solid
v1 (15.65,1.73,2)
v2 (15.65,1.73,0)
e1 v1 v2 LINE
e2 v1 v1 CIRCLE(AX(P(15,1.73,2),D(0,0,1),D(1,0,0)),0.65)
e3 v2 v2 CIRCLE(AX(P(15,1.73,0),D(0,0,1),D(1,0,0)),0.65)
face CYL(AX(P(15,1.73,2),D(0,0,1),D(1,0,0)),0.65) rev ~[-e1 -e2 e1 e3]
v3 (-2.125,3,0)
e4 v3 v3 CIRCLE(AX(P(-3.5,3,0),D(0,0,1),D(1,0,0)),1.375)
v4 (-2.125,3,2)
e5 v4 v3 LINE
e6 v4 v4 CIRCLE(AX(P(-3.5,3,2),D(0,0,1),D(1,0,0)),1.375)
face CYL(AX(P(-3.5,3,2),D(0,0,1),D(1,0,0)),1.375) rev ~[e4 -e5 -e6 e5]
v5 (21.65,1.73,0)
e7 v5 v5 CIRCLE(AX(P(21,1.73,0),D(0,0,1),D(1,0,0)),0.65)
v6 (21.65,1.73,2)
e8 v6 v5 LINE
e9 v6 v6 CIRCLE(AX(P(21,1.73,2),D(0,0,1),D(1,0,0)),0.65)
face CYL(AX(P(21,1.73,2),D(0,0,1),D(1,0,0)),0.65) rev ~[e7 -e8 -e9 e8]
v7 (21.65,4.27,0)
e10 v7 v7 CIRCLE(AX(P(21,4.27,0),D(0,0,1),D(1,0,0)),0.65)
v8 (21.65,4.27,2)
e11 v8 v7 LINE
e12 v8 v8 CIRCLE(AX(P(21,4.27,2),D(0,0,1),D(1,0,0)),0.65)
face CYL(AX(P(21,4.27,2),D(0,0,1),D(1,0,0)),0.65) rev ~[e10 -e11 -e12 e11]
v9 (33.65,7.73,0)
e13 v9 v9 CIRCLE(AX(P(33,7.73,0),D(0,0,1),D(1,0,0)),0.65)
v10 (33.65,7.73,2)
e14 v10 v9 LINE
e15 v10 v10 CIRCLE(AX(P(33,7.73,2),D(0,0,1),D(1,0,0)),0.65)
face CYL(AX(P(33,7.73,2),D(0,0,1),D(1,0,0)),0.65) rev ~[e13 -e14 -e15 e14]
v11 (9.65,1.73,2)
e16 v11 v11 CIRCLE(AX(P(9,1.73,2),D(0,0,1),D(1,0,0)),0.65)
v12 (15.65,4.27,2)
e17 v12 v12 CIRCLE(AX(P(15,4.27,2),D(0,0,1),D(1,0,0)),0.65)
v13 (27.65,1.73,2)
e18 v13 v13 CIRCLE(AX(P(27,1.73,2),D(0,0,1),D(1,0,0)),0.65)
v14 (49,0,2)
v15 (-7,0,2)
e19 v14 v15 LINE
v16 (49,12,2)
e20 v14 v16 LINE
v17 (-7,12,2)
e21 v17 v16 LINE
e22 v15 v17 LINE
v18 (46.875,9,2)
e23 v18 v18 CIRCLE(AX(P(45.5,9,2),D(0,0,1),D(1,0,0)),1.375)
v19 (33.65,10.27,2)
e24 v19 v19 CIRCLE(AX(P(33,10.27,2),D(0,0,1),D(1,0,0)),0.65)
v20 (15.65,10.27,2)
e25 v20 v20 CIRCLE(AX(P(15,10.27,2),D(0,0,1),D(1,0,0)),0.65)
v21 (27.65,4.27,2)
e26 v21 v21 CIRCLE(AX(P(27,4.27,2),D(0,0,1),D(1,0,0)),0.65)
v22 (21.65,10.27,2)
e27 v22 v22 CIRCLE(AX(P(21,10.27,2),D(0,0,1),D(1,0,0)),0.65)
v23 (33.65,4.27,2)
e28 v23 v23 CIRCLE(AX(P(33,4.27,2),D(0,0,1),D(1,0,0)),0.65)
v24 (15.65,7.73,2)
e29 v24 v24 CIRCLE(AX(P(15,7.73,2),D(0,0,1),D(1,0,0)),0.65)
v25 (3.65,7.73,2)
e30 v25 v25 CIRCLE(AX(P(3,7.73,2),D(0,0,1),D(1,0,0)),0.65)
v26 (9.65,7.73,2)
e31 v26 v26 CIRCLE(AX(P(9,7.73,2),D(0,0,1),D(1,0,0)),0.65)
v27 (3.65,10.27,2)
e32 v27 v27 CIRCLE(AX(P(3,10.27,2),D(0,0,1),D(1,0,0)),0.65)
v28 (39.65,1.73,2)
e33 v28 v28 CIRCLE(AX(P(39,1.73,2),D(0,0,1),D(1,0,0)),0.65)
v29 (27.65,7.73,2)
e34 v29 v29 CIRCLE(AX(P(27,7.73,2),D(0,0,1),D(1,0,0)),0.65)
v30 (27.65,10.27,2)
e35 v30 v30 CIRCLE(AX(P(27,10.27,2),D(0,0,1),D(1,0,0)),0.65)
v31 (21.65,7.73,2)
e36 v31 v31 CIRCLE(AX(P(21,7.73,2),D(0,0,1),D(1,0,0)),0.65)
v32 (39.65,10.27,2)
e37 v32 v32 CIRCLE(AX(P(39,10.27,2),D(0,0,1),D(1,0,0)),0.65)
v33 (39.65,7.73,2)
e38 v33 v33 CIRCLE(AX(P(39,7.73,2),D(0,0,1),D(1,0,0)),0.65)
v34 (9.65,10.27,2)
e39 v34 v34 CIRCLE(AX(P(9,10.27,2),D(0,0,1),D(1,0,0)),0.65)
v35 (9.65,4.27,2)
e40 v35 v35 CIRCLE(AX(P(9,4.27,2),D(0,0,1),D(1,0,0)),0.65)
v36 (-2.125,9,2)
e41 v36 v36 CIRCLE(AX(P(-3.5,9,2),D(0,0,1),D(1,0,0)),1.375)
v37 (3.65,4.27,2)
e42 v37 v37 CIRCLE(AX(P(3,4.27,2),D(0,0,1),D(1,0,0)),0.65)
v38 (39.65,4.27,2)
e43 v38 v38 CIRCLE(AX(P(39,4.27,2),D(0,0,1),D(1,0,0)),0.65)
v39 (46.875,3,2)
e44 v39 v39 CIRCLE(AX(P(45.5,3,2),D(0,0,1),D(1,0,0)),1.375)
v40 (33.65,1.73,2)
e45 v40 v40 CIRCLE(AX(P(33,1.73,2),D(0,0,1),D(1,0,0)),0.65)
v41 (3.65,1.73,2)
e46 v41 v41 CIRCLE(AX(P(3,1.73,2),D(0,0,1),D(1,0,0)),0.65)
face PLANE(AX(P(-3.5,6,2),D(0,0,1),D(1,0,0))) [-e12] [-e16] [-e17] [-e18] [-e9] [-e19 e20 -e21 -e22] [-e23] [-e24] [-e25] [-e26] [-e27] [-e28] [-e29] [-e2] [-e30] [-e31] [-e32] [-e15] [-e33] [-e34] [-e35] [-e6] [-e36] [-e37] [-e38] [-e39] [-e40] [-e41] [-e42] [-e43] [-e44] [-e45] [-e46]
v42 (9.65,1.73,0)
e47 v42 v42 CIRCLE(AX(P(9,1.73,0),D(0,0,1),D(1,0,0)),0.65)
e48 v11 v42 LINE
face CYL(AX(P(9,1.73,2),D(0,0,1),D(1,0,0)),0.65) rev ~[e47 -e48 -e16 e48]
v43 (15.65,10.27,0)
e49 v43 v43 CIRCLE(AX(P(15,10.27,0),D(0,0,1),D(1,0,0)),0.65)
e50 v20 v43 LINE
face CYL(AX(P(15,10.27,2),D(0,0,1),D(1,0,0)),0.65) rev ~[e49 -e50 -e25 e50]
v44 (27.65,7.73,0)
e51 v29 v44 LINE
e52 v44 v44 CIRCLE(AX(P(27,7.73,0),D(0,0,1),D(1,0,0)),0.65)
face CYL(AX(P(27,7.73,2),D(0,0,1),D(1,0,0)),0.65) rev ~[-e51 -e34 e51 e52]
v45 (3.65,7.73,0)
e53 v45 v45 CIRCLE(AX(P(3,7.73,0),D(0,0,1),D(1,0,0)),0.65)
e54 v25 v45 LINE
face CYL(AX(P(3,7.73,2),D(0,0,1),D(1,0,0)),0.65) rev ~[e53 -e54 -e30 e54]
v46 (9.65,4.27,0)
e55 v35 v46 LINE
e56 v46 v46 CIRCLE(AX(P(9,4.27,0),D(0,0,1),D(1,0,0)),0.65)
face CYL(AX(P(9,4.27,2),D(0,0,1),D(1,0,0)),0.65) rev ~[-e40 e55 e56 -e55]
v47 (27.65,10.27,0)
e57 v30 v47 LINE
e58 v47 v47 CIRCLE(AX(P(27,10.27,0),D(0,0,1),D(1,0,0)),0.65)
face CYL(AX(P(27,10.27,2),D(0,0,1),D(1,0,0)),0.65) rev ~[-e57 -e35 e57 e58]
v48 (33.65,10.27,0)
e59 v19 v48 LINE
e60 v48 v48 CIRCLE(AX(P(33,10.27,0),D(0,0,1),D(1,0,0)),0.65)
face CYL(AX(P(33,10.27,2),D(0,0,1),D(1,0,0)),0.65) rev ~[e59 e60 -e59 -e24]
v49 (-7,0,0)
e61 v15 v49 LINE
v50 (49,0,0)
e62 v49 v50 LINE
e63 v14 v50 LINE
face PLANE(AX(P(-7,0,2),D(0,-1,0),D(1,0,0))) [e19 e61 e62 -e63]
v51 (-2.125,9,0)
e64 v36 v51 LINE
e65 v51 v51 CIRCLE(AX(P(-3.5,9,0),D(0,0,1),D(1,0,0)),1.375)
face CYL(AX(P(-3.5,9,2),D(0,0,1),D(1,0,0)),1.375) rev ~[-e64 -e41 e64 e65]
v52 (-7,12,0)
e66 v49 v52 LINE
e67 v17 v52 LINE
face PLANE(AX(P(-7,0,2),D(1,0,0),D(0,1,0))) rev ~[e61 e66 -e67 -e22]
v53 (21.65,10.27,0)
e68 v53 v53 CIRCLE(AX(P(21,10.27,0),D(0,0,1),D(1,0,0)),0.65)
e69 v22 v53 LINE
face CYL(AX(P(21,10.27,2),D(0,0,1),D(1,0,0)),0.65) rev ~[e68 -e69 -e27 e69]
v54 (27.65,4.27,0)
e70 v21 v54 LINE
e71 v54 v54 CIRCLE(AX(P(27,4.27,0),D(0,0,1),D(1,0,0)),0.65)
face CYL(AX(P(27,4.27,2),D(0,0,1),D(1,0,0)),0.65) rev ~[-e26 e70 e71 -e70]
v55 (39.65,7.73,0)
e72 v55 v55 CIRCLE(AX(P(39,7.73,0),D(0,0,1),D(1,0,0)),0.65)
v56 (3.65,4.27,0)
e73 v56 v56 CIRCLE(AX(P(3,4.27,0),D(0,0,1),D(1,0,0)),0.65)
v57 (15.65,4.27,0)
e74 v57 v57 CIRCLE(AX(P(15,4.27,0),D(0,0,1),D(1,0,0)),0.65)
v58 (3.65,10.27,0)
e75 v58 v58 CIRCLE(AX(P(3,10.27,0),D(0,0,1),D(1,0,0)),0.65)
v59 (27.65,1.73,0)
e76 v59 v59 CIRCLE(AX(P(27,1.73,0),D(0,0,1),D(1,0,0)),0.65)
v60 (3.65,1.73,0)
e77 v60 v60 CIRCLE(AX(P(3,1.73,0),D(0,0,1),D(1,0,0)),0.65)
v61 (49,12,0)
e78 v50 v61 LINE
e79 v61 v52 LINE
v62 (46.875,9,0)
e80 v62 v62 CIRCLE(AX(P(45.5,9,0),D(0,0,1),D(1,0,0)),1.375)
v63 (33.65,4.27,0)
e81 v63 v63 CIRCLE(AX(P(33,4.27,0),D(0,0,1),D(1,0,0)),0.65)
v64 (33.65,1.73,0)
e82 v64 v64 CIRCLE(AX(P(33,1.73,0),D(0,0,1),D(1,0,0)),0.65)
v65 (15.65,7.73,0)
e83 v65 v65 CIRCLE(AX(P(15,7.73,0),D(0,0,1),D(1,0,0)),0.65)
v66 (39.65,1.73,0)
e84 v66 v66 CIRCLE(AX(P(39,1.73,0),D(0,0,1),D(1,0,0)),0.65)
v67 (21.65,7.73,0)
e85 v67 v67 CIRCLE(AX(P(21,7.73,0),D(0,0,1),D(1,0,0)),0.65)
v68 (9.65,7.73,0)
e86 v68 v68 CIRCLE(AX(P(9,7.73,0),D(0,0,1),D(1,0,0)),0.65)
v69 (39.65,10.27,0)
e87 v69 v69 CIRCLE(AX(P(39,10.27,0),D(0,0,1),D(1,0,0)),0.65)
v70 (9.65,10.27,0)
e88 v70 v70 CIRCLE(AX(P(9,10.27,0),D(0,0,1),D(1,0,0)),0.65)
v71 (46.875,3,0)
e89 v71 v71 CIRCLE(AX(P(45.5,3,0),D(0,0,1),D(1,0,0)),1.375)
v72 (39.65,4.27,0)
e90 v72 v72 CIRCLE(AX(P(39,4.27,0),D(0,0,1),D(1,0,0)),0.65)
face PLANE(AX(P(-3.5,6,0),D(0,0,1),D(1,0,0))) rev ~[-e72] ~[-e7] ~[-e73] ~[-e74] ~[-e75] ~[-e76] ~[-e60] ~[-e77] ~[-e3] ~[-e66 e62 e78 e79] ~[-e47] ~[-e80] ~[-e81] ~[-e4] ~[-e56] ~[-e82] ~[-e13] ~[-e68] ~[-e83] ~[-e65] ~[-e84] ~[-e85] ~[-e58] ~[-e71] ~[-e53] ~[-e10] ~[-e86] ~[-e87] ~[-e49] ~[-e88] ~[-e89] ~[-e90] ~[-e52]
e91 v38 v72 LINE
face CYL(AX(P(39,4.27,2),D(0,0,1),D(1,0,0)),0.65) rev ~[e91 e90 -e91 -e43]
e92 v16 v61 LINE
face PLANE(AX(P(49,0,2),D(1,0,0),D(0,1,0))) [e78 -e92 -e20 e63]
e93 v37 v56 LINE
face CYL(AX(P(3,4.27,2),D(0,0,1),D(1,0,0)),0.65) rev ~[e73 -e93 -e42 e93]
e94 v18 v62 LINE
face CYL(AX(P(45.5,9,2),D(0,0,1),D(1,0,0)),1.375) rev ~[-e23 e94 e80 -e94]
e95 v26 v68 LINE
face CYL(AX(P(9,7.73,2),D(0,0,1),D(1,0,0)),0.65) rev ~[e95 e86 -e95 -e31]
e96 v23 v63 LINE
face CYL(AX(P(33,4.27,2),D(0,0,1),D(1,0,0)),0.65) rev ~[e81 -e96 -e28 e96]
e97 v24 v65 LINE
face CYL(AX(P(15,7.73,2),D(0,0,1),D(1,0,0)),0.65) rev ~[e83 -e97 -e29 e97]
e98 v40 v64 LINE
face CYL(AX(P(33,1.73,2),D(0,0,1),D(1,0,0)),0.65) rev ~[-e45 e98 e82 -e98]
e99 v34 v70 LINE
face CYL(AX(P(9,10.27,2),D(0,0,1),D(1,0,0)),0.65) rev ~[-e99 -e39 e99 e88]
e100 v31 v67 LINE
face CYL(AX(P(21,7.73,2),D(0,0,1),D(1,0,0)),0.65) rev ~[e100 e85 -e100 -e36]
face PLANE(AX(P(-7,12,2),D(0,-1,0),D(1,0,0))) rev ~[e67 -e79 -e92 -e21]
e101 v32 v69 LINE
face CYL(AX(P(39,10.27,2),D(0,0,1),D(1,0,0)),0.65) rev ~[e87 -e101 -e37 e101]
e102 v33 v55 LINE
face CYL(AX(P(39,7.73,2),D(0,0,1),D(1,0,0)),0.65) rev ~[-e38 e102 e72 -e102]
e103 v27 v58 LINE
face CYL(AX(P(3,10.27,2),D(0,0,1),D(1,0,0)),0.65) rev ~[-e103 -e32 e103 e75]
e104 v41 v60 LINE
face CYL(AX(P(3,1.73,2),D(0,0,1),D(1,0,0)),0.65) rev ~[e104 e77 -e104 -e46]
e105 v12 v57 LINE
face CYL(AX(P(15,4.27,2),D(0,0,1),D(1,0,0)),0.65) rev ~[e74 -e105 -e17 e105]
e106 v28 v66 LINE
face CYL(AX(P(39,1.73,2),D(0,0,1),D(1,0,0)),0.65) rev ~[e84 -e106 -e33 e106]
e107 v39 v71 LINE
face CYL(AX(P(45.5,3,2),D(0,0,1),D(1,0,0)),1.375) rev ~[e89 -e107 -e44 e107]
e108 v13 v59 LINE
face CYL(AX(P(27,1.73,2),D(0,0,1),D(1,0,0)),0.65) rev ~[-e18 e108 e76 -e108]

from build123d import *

# Parameters (mm, degrees)
SKETCH1_W           = 42
SKETCH1_H           = 12
TAILLIGHTBASE_DEPTH = 2
SKETCH2_R           = 0.65
LEDMOUNTS_DEPTH     = 2
SKETCH3_W           = 7
SKETCH3_H           = 12
MOUNTINGTABS_DEPTH  = 2
SKETCH4_R           = 1.375
MOUNTINGHOLES_DEPTH = 2


with BuildPart() as part:
    # Sketch1 → tailLightBase (new body)
    with BuildSketch(Plane.XY):
        with Locations((21, 6)):
            Rectangle(SKETCH1_W, SKETCH1_H)
    extrude(amount=TAILLIGHTBASE_DEPTH)

    # Sketch2 → ledMounts (cut)
    with BuildSketch(Plane.XY.offset(2)):
        with Locations((3, 10.27)):
            Circle(SKETCH2_R)
        with Locations((3, 7.73)):
            Circle(SKETCH2_R)
        with Locations((9, 10.27)):
            Circle(SKETCH2_R)
        with Locations((9, 7.73)):
            Circle(SKETCH2_R)
        with Locations((15, 10.27)):
            Circle(SKETCH2_R)
        with Locations((15, 7.73)):
            Circle(SKETCH2_R)
        with Locations((21, 10.27)):
            Circle(SKETCH2_R)
        with Locations((21, 7.73)):
            Circle(SKETCH2_R)
        with Locations((27, 10.27)):
            Circle(SKETCH2_R)
        with Locations((27, 7.73)):
            Circle(SKETCH2_R)
        with Locations((33, 10.27)):
            Circle(SKETCH2_R)
        with Locations((33, 7.73)):
            Circle(SKETCH2_R)
        with Locations((39, 10.27)):
            Circle(SKETCH2_R)
        with Locations((39, 7.73)):
            Circle(SKETCH2_R)
        with Locations((39, 4.27)):
            Circle(SKETCH2_R)
        with Locations((39, 1.73)):
            Circle(SKETCH2_R)
        with Locations((33, 1.73)):
            Circle(SKETCH2_R)
        with Locations((33, 4.27)):
            Circle(SKETCH2_R)
        with Locations((27, 4.27)):
            Circle(SKETCH2_R)
        with Locations((27, 1.73)):
            Circle(SKETCH2_R)
        with Locations((21, 4.27)):
            Circle(SKETCH2_R)
        with Locations((21, 1.73)):
            Circle(SKETCH2_R)
        with Locations((15, 4.27)):
            Circle(SKETCH2_R)
        with Locations((15, 1.73)):
            Circle(SKETCH2_R)
        with Locations((9, 1.73)):
            Circle(SKETCH2_R)
        with Locations((9, 4.27)):
            Circle(SKETCH2_R)
        with Locations((3, 1.73)):
            Circle(SKETCH2_R)
        with Locations((3, 4.27)):
            Circle(SKETCH2_R)
    extrude(amount=-LEDMOUNTS_DEPTH, mode=Mode.SUBTRACT)

    # Sketch3 → mountingTabs (add)
    with BuildSketch(Plane.XY.offset(2)):
        with Locations((-3.5, 6)):
            Rectangle(SKETCH3_W, SKETCH3_H)
        with Locations((45.5, 6)):
            Rectangle(SKETCH3_W, SKETCH3_H)
    extrude(amount=-MOUNTINGTABS_DEPTH)

    # Sketch4 → mountingHoles (cut)
    with BuildSketch(Plane.XY.offset(2)):
        with Locations((-3.5, 9)):
            Circle(SKETCH4_R)
        with Locations((45.5, 9)):
            Circle(SKETCH4_R)
        with Locations((-3.5, 3)):
            Circle(SKETCH4_R)
        with Locations((45.5, 3)):
            Circle(SKETCH4_R)
    extrude(amount=-MOUNTINGHOLES_DEPTH, mode=Mode.SUBTRACT)


solid = part.part
